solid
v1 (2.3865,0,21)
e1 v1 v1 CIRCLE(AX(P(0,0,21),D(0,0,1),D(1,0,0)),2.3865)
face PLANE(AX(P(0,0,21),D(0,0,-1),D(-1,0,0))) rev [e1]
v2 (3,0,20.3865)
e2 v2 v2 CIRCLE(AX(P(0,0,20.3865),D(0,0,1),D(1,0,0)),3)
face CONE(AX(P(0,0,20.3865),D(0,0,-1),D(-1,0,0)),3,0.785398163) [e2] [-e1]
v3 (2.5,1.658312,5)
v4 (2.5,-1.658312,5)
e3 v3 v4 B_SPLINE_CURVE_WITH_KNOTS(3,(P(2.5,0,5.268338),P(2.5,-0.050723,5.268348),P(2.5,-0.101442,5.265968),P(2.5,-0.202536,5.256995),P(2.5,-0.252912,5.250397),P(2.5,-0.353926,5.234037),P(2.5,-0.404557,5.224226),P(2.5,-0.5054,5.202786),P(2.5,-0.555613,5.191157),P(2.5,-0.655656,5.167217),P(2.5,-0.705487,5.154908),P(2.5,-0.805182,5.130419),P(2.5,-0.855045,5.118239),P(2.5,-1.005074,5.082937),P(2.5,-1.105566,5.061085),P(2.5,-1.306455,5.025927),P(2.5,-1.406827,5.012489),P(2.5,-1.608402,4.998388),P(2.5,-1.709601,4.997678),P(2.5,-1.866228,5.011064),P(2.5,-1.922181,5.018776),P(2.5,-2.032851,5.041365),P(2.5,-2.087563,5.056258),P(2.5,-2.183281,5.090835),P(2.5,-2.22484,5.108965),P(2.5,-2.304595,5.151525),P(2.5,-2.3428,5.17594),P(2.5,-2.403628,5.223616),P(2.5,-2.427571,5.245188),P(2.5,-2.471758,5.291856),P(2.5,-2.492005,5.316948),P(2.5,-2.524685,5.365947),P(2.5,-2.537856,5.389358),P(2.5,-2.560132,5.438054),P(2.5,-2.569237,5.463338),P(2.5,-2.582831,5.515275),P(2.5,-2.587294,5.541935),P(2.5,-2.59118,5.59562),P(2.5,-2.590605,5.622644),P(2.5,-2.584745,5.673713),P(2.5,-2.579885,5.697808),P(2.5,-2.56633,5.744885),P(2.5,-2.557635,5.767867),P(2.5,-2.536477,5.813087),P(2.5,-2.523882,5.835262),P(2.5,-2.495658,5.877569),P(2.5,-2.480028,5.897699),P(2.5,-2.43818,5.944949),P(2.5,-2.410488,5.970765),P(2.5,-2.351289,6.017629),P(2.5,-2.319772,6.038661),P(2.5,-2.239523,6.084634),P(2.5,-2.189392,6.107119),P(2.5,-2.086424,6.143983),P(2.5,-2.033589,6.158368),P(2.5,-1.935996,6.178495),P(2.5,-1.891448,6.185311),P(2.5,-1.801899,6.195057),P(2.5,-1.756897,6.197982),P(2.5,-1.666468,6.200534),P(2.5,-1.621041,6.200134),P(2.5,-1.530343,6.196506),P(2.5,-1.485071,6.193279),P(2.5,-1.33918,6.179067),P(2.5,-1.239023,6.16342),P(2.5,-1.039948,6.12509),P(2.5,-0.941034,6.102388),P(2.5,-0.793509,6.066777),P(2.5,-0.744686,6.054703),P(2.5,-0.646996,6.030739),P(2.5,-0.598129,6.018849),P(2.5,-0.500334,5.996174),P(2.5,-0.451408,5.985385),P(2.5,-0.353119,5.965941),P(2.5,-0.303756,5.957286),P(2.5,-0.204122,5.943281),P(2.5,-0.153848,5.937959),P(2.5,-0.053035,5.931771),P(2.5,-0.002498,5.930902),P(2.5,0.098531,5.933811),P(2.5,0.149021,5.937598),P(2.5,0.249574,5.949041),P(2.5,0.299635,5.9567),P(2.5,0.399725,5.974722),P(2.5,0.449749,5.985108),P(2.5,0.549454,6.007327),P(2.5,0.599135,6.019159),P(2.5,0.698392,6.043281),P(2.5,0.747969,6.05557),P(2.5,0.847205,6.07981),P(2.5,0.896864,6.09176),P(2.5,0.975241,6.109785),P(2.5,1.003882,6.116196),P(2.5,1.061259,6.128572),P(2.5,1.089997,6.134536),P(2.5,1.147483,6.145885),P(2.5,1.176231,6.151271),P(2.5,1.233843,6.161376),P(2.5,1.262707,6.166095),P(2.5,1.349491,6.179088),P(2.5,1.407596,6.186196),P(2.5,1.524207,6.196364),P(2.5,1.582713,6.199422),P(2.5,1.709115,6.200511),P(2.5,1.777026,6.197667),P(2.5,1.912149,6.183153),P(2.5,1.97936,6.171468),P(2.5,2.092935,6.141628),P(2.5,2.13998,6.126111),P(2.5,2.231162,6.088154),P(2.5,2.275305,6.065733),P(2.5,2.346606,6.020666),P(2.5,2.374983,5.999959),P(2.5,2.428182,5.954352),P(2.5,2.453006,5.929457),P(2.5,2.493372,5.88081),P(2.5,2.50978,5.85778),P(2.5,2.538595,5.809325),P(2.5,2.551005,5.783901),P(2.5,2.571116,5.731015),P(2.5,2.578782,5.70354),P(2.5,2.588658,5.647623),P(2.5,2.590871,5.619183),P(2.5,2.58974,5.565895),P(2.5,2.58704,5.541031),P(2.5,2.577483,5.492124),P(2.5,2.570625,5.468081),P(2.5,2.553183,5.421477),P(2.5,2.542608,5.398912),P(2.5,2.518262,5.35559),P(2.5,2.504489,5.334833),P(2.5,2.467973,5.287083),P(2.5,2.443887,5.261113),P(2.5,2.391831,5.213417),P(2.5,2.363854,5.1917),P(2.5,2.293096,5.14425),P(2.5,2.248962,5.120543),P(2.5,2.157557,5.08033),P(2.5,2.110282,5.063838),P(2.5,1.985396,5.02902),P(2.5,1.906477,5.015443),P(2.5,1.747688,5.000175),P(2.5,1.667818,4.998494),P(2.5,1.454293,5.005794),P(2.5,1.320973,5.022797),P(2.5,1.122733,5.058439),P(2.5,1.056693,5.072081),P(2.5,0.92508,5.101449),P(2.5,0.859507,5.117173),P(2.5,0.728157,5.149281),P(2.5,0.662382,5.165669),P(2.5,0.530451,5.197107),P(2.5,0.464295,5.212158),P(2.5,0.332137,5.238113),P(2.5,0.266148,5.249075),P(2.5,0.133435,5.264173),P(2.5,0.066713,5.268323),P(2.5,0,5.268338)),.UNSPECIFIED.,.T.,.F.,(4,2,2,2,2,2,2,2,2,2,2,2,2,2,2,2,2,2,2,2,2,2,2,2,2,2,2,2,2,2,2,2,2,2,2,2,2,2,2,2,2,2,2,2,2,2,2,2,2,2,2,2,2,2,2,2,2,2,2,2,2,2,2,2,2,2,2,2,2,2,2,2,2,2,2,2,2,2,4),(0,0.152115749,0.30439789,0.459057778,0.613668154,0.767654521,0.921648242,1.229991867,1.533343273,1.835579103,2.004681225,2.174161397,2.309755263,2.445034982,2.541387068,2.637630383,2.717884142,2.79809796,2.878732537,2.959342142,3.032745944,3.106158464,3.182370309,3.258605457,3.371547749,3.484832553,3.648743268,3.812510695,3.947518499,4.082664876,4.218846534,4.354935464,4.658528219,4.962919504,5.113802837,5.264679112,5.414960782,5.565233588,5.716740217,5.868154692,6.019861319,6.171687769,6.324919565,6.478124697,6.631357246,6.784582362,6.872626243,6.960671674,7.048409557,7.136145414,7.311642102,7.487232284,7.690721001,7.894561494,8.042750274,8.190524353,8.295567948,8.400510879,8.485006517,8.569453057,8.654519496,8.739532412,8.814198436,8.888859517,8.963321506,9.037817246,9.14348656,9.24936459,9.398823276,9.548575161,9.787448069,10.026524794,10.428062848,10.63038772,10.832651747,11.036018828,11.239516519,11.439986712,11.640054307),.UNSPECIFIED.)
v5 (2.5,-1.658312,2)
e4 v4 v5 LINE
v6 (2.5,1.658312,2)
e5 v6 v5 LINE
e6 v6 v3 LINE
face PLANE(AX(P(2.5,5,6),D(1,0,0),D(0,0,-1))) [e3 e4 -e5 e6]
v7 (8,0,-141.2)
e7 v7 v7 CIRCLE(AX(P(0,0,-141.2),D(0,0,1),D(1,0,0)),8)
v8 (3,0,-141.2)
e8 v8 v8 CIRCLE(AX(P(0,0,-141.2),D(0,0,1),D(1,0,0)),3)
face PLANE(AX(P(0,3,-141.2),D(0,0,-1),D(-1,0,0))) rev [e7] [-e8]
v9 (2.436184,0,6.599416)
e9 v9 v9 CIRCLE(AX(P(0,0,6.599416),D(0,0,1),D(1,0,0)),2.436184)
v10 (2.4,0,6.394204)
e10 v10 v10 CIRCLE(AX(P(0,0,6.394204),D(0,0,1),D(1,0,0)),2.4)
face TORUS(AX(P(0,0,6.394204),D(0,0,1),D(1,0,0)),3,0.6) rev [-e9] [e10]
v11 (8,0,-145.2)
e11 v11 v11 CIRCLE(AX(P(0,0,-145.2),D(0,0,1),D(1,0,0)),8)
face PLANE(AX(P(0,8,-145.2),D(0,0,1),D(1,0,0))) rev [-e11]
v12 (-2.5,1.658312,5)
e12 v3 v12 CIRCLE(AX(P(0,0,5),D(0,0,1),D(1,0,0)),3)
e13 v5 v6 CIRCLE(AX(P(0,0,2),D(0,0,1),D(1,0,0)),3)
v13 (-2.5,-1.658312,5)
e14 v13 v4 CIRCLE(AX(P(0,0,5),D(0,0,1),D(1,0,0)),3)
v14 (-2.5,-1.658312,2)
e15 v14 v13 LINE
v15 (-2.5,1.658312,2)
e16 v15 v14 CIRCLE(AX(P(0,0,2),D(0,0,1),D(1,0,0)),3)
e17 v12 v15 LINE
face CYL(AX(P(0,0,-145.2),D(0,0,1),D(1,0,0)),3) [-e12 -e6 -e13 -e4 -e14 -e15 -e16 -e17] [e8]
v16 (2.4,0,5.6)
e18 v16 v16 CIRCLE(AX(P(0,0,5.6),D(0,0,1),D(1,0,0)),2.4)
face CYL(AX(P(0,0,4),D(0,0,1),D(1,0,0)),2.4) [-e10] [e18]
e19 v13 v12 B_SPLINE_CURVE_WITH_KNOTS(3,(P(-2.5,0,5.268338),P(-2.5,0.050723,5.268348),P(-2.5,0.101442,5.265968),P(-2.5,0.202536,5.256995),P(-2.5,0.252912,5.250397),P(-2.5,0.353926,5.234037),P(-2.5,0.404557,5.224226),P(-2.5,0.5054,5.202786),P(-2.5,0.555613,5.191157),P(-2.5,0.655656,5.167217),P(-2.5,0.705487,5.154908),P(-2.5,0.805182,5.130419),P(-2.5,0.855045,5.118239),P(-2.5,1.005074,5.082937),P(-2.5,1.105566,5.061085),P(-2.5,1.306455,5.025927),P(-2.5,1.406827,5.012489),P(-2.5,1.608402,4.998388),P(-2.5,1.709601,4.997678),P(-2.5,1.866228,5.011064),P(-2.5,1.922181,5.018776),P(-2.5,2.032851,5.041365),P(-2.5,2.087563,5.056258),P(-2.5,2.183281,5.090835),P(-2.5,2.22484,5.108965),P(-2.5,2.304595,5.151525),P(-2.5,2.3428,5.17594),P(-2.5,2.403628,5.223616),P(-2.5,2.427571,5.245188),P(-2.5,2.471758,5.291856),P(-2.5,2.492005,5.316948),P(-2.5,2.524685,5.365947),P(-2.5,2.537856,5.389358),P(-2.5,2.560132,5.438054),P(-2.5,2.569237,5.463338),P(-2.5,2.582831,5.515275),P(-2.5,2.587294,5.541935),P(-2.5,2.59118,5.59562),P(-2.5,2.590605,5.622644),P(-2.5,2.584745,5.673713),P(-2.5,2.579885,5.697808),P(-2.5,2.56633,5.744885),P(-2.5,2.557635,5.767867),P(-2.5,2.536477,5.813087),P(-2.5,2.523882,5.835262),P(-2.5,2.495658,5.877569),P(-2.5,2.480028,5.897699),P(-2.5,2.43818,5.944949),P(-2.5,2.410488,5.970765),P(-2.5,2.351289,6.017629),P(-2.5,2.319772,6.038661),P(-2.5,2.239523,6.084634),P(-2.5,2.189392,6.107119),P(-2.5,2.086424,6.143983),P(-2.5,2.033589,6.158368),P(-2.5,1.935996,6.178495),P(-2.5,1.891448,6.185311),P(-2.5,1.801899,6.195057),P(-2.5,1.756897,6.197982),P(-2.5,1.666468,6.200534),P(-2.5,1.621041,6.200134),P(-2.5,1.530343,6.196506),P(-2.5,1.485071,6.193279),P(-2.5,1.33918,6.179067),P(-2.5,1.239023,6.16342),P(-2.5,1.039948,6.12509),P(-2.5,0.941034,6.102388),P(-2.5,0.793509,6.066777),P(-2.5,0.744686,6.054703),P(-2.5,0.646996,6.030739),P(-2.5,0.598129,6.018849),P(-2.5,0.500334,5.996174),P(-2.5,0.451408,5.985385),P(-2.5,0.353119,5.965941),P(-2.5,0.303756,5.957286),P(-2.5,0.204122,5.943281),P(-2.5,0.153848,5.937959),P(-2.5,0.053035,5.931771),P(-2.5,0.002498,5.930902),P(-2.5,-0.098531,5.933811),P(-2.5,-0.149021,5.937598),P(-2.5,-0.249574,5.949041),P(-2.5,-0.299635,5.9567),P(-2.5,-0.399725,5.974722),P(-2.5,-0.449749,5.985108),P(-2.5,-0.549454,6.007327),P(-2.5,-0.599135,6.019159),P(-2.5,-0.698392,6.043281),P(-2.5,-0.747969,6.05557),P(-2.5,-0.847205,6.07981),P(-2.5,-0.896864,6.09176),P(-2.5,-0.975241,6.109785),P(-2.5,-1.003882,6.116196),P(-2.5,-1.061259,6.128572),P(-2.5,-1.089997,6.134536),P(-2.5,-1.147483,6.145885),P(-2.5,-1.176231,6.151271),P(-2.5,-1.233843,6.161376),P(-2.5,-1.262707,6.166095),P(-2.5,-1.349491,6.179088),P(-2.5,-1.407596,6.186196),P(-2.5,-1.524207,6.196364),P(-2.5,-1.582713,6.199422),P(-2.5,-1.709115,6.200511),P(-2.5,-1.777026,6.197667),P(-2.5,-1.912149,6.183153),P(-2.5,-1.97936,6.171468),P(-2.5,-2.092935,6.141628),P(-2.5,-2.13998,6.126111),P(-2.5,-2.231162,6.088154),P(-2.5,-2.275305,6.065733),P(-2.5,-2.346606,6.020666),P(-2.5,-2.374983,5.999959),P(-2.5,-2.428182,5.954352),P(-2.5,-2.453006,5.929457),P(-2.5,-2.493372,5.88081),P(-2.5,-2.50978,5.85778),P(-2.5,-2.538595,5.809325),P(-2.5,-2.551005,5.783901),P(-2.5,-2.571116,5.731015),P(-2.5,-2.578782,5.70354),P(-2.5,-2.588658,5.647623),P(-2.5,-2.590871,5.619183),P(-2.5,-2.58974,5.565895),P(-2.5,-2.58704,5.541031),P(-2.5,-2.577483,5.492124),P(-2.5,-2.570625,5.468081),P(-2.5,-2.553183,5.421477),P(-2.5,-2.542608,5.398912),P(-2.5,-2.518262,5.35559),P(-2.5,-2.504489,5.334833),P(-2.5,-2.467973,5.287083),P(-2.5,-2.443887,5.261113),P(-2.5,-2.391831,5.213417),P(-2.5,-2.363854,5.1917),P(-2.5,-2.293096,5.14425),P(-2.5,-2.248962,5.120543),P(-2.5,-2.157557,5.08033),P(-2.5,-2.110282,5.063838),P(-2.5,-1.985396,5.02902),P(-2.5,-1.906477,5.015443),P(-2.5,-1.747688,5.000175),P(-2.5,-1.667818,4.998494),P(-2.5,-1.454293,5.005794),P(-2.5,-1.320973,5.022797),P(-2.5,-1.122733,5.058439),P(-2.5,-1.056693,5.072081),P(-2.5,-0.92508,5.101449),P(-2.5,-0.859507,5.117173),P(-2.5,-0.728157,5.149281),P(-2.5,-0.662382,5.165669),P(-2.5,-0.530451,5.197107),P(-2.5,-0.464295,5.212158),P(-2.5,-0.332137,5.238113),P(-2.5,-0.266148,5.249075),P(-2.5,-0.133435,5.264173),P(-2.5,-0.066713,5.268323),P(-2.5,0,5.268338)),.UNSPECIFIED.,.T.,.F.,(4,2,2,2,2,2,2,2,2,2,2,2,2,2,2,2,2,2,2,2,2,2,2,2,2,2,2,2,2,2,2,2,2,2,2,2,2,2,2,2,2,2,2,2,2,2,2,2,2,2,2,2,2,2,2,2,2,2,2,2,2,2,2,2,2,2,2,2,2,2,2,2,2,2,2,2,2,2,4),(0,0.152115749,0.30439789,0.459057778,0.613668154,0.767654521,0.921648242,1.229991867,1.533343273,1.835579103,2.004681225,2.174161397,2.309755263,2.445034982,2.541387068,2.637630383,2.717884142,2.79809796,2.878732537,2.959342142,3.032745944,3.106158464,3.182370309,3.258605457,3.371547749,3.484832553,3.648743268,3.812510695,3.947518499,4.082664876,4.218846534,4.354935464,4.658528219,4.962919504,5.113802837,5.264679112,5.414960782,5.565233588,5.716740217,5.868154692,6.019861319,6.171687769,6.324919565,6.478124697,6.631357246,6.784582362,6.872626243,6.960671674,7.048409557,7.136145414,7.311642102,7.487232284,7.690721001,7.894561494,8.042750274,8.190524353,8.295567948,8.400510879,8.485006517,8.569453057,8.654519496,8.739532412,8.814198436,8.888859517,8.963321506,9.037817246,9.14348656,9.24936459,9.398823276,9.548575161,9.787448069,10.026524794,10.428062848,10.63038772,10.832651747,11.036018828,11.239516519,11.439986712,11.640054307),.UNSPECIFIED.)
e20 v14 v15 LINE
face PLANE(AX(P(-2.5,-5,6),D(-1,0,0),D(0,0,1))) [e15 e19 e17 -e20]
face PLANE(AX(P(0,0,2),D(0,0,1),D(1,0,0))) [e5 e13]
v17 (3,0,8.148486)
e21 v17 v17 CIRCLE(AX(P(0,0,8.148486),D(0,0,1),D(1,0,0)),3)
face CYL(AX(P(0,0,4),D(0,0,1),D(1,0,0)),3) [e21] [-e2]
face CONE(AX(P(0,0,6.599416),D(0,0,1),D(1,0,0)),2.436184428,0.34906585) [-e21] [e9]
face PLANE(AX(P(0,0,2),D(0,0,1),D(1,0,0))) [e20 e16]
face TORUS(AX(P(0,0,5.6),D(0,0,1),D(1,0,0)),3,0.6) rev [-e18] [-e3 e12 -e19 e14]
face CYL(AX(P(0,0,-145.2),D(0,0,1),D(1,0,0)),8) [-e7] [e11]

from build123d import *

# Parameters (mm, degrees)
CUT_EXTRUDE1_DEPTH = 4


with BuildPart() as part:
    # Sketch1 → Revolve1 (revolve)
    with BuildSketch(Plane(origin=(0, 0, 0), x_dir=(0, 0, -1), z_dir=(1, 0, 0))):
        Polygon((-5, 0), (-5, 3), (141.2, 3), (141.2, 8), (145.2, 8), (145.2, 0), align=None)
    revolve(axis=Axis((0, 0, -145.2), (0, 0, 1)))

    # Sketch2 → Revolve2 (revolve)
    with BuildSketch(Plane(origin=(0, 0, 0), x_dir=(0, 0, -1), z_dir=(1, 0, 0))):
        with BuildLine():
            Line((-21, 0), (-21, 2.3865))
            Line((-21, 2.3865), (-20.3865, 3))
            Line((-20.3865, 3), (-8.148486452, 3))
            Line((-8.148486452, 3), (-6.599415898, 2.436184428))
            ThreePointArc((-6.599415898, 2.436184428), (-6.498392718, 2.409115348), (-6.394203812, 2.4))
            Line((-6.394203812, 2.4), (-5.6, 2.4))
            ThreePointArc((-5.6, 2.4), (-5.175735931, 2.575735931), (-5, 3))
            Line((-5, 3), (-4, 3))
            Line((-4, 3), (-4, 0))
            Line((-4, 0), (-21, 0))
        make_face()
    revolve(axis=Axis((0, 0, 4), (0, 0, 1)))

    # Sketch3 → Cut-Extrude1 (cut)
    with BuildSketch(Plane.XY.offset(2)):
        Polygon((-5, 10), (-5, -5), (-2.5, -5), (-2.5, 5), (2.5, 5), (2.5, -5), (5, -5), (5, 10), align=None)
    extrude(amount=CUT_EXTRUDE1_DEPTH, mode=Mode.SUBTRACT)


solid = part.part
